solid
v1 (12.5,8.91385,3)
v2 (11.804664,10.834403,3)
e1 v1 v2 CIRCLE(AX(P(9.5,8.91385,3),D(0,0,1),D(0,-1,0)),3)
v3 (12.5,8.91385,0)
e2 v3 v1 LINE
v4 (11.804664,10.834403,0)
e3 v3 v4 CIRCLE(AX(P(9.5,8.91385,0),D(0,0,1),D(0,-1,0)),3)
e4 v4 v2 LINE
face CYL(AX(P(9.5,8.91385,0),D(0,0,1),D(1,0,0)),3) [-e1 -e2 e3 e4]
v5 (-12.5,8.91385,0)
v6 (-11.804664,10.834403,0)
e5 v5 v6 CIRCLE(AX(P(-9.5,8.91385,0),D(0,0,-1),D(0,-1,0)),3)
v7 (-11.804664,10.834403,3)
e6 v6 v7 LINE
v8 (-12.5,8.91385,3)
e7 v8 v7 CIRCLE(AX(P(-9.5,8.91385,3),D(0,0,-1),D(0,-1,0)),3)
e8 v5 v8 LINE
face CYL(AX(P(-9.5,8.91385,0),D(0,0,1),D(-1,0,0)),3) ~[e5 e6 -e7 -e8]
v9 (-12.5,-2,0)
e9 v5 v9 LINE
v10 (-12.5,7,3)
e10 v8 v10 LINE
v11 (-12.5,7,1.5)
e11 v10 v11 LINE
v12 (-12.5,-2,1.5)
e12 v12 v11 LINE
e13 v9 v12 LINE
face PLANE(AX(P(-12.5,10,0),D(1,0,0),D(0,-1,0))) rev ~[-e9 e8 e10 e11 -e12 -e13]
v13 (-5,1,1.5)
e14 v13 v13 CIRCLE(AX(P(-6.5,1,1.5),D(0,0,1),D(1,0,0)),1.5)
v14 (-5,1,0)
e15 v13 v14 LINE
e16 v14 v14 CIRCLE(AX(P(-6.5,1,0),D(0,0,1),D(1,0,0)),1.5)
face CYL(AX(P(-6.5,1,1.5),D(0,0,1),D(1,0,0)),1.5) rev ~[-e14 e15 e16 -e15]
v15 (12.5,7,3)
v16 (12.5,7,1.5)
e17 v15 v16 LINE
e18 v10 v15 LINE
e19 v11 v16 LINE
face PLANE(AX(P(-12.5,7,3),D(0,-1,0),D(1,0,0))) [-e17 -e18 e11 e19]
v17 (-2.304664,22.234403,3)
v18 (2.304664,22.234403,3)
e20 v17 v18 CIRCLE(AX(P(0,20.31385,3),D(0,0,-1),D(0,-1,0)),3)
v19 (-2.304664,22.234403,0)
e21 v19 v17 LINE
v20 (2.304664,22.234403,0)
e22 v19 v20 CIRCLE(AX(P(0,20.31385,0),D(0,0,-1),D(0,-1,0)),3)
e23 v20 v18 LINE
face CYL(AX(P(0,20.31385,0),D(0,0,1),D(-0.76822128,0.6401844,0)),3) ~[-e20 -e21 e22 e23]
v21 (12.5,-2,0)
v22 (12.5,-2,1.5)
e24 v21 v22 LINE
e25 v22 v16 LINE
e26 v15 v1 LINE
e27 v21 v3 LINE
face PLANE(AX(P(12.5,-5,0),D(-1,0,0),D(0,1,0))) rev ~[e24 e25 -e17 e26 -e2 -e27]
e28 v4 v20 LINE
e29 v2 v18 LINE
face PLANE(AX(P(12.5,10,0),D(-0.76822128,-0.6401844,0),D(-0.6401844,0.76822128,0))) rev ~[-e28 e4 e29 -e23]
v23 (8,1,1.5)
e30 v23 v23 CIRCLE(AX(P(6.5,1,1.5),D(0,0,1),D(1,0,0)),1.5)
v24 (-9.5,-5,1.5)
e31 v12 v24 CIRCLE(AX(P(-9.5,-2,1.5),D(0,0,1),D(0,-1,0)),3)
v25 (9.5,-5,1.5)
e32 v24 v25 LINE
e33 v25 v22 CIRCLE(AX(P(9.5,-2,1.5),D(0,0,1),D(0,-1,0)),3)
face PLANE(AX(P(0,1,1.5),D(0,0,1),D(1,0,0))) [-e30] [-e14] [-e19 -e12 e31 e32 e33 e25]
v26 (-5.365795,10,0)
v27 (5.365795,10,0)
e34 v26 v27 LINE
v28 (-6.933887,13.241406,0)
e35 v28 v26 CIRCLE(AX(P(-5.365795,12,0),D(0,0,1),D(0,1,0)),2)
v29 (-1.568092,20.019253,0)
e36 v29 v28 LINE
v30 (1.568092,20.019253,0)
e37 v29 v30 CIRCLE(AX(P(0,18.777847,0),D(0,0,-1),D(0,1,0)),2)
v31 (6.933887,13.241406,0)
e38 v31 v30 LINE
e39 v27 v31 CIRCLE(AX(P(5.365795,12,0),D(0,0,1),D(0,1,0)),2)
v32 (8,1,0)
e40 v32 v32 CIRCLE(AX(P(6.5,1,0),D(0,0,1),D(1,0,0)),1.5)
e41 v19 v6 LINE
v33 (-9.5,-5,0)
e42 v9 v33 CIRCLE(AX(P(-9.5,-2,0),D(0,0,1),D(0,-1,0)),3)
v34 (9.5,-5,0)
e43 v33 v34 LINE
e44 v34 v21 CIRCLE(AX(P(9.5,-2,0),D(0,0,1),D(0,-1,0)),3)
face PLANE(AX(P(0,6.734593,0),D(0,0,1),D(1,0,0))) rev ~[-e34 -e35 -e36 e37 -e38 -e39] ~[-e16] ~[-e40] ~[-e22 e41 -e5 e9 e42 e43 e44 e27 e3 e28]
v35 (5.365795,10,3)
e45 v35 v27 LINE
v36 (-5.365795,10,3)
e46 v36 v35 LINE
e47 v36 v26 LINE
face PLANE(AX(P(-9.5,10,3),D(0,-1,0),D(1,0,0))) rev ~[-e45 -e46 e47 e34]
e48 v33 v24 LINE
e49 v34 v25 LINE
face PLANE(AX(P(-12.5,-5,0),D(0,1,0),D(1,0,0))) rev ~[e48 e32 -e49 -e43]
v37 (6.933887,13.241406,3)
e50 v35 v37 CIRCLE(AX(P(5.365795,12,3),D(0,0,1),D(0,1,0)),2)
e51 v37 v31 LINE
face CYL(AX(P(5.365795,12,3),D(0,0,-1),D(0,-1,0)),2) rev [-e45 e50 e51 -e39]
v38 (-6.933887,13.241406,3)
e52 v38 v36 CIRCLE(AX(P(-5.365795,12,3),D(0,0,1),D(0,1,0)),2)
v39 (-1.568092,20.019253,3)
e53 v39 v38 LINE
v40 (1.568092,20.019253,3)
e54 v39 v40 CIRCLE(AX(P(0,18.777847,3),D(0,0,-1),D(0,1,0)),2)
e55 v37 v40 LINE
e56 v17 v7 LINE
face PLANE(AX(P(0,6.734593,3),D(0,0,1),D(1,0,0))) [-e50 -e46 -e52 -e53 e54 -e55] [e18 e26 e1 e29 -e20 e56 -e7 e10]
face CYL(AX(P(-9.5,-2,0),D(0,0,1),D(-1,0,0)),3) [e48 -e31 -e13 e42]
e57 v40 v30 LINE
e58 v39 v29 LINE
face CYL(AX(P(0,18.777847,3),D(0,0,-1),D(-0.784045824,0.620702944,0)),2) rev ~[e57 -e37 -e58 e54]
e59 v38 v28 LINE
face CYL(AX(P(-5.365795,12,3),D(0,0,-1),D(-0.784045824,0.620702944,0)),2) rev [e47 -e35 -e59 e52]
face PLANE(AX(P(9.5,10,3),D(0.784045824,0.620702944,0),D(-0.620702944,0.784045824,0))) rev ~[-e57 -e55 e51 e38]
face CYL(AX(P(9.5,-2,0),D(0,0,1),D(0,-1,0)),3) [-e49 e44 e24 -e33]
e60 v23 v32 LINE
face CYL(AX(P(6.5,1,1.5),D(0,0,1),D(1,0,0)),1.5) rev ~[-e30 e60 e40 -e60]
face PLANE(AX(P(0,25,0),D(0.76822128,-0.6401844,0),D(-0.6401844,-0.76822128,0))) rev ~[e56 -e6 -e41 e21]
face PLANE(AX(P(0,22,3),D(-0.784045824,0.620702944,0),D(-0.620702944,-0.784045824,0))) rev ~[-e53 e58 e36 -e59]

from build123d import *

# Parameters (mm, degrees)
SKETCH003_R      = 1.5
EXTRUDE003_DEPTH = 1.5
EXTRUDE002_DEPTH = 3
SKETCH001_W      = 25
SKETCH001_H      = 12
EXTRUDE001_DEPTH = 1.5
EXTRUDE_DEPTH    = 3
FILLET_R         = 2
FILLET001_R      = 3
FILLET002_R      = 3


with BuildPart() as extrude003:
    # Sketch003 (on Face18 of Fillet002) → Extrude003 (new body)
    with BuildSketch(Plane.XY.offset(1.5)):
        with Locations((-6.5, 1)):
            Circle(SKETCH003_R)
        with Locations((6.5, 1)):
            Circle(SKETCH003_R)
    extrude(amount=-EXTRUDE003_DEPTH)


with BuildPart() as extrude002:
    # Sketch002 (on Face8 of Cut) → Extrude002 (new body)
    with BuildSketch(Plane.XY.offset(3)):
        Polygon((0, 22), (-9.5, 10), (9.5, 10), align=None)
    extrude(amount=-EXTRUDE002_DEPTH)


with BuildPart() as extrude001:
    # Sketch001 (on Face7 of Extrude) → Extrude001 (new body)
    with BuildSketch(Plane.XY.offset(3)):
        with Locations((0, 1)):
            Rectangle(SKETCH001_W, SKETCH001_H)
    extrude(amount=-EXTRUDE001_DEPTH)


with BuildPart() as cut002:
    # Sketch → Extrude (new body)
    with BuildSketch(Plane.XY):
        Polygon((-12.5, -5), (12.5, -5), (12.5, 10), (0, 25), (-12.5, 10), align=None)
    extrude(amount=EXTRUDE_DEPTH)

    # Cut: cut Extrude001
    add(extrude001.part, mode=Mode.SUBTRACT)

    # Cut001: cut Extrude002
    add(extrude002.part, mode=Mode.SUBTRACT)

    # Fillet
    fillet_edges = [cut002.edges().sort_by_distance(p)[0] for p in [
        (0, 22, 1.5),
        (-9.5, 10, 1.5),
        (9.5, 10, 1.5),
    ]]
    fillet(fillet_edges, radius=FILLET_R)

    # Fillet001
    fillet001_edges = [cut002.edges().sort_by_distance(p)[0] for p in [
        (-12.5, 10, 1.5),
        (12.5, 10, 1.5),
        (0, 25, 1.5),
    ]]
    fillet(fillet001_edges, radius=FILLET001_R)

    # Fillet002
    fillet002_edges = [cut002.edges().sort_by_distance(p)[0] for p in [
        (12.5, -5, 0.75),
        (-12.5, -5, 0.75),
    ]]
    fillet(fillet002_edges, radius=FILLET002_R)

    # Cut002: cut Extrude003
    add(extrude003.part, mode=Mode.SUBTRACT)


solid = cut002.part
